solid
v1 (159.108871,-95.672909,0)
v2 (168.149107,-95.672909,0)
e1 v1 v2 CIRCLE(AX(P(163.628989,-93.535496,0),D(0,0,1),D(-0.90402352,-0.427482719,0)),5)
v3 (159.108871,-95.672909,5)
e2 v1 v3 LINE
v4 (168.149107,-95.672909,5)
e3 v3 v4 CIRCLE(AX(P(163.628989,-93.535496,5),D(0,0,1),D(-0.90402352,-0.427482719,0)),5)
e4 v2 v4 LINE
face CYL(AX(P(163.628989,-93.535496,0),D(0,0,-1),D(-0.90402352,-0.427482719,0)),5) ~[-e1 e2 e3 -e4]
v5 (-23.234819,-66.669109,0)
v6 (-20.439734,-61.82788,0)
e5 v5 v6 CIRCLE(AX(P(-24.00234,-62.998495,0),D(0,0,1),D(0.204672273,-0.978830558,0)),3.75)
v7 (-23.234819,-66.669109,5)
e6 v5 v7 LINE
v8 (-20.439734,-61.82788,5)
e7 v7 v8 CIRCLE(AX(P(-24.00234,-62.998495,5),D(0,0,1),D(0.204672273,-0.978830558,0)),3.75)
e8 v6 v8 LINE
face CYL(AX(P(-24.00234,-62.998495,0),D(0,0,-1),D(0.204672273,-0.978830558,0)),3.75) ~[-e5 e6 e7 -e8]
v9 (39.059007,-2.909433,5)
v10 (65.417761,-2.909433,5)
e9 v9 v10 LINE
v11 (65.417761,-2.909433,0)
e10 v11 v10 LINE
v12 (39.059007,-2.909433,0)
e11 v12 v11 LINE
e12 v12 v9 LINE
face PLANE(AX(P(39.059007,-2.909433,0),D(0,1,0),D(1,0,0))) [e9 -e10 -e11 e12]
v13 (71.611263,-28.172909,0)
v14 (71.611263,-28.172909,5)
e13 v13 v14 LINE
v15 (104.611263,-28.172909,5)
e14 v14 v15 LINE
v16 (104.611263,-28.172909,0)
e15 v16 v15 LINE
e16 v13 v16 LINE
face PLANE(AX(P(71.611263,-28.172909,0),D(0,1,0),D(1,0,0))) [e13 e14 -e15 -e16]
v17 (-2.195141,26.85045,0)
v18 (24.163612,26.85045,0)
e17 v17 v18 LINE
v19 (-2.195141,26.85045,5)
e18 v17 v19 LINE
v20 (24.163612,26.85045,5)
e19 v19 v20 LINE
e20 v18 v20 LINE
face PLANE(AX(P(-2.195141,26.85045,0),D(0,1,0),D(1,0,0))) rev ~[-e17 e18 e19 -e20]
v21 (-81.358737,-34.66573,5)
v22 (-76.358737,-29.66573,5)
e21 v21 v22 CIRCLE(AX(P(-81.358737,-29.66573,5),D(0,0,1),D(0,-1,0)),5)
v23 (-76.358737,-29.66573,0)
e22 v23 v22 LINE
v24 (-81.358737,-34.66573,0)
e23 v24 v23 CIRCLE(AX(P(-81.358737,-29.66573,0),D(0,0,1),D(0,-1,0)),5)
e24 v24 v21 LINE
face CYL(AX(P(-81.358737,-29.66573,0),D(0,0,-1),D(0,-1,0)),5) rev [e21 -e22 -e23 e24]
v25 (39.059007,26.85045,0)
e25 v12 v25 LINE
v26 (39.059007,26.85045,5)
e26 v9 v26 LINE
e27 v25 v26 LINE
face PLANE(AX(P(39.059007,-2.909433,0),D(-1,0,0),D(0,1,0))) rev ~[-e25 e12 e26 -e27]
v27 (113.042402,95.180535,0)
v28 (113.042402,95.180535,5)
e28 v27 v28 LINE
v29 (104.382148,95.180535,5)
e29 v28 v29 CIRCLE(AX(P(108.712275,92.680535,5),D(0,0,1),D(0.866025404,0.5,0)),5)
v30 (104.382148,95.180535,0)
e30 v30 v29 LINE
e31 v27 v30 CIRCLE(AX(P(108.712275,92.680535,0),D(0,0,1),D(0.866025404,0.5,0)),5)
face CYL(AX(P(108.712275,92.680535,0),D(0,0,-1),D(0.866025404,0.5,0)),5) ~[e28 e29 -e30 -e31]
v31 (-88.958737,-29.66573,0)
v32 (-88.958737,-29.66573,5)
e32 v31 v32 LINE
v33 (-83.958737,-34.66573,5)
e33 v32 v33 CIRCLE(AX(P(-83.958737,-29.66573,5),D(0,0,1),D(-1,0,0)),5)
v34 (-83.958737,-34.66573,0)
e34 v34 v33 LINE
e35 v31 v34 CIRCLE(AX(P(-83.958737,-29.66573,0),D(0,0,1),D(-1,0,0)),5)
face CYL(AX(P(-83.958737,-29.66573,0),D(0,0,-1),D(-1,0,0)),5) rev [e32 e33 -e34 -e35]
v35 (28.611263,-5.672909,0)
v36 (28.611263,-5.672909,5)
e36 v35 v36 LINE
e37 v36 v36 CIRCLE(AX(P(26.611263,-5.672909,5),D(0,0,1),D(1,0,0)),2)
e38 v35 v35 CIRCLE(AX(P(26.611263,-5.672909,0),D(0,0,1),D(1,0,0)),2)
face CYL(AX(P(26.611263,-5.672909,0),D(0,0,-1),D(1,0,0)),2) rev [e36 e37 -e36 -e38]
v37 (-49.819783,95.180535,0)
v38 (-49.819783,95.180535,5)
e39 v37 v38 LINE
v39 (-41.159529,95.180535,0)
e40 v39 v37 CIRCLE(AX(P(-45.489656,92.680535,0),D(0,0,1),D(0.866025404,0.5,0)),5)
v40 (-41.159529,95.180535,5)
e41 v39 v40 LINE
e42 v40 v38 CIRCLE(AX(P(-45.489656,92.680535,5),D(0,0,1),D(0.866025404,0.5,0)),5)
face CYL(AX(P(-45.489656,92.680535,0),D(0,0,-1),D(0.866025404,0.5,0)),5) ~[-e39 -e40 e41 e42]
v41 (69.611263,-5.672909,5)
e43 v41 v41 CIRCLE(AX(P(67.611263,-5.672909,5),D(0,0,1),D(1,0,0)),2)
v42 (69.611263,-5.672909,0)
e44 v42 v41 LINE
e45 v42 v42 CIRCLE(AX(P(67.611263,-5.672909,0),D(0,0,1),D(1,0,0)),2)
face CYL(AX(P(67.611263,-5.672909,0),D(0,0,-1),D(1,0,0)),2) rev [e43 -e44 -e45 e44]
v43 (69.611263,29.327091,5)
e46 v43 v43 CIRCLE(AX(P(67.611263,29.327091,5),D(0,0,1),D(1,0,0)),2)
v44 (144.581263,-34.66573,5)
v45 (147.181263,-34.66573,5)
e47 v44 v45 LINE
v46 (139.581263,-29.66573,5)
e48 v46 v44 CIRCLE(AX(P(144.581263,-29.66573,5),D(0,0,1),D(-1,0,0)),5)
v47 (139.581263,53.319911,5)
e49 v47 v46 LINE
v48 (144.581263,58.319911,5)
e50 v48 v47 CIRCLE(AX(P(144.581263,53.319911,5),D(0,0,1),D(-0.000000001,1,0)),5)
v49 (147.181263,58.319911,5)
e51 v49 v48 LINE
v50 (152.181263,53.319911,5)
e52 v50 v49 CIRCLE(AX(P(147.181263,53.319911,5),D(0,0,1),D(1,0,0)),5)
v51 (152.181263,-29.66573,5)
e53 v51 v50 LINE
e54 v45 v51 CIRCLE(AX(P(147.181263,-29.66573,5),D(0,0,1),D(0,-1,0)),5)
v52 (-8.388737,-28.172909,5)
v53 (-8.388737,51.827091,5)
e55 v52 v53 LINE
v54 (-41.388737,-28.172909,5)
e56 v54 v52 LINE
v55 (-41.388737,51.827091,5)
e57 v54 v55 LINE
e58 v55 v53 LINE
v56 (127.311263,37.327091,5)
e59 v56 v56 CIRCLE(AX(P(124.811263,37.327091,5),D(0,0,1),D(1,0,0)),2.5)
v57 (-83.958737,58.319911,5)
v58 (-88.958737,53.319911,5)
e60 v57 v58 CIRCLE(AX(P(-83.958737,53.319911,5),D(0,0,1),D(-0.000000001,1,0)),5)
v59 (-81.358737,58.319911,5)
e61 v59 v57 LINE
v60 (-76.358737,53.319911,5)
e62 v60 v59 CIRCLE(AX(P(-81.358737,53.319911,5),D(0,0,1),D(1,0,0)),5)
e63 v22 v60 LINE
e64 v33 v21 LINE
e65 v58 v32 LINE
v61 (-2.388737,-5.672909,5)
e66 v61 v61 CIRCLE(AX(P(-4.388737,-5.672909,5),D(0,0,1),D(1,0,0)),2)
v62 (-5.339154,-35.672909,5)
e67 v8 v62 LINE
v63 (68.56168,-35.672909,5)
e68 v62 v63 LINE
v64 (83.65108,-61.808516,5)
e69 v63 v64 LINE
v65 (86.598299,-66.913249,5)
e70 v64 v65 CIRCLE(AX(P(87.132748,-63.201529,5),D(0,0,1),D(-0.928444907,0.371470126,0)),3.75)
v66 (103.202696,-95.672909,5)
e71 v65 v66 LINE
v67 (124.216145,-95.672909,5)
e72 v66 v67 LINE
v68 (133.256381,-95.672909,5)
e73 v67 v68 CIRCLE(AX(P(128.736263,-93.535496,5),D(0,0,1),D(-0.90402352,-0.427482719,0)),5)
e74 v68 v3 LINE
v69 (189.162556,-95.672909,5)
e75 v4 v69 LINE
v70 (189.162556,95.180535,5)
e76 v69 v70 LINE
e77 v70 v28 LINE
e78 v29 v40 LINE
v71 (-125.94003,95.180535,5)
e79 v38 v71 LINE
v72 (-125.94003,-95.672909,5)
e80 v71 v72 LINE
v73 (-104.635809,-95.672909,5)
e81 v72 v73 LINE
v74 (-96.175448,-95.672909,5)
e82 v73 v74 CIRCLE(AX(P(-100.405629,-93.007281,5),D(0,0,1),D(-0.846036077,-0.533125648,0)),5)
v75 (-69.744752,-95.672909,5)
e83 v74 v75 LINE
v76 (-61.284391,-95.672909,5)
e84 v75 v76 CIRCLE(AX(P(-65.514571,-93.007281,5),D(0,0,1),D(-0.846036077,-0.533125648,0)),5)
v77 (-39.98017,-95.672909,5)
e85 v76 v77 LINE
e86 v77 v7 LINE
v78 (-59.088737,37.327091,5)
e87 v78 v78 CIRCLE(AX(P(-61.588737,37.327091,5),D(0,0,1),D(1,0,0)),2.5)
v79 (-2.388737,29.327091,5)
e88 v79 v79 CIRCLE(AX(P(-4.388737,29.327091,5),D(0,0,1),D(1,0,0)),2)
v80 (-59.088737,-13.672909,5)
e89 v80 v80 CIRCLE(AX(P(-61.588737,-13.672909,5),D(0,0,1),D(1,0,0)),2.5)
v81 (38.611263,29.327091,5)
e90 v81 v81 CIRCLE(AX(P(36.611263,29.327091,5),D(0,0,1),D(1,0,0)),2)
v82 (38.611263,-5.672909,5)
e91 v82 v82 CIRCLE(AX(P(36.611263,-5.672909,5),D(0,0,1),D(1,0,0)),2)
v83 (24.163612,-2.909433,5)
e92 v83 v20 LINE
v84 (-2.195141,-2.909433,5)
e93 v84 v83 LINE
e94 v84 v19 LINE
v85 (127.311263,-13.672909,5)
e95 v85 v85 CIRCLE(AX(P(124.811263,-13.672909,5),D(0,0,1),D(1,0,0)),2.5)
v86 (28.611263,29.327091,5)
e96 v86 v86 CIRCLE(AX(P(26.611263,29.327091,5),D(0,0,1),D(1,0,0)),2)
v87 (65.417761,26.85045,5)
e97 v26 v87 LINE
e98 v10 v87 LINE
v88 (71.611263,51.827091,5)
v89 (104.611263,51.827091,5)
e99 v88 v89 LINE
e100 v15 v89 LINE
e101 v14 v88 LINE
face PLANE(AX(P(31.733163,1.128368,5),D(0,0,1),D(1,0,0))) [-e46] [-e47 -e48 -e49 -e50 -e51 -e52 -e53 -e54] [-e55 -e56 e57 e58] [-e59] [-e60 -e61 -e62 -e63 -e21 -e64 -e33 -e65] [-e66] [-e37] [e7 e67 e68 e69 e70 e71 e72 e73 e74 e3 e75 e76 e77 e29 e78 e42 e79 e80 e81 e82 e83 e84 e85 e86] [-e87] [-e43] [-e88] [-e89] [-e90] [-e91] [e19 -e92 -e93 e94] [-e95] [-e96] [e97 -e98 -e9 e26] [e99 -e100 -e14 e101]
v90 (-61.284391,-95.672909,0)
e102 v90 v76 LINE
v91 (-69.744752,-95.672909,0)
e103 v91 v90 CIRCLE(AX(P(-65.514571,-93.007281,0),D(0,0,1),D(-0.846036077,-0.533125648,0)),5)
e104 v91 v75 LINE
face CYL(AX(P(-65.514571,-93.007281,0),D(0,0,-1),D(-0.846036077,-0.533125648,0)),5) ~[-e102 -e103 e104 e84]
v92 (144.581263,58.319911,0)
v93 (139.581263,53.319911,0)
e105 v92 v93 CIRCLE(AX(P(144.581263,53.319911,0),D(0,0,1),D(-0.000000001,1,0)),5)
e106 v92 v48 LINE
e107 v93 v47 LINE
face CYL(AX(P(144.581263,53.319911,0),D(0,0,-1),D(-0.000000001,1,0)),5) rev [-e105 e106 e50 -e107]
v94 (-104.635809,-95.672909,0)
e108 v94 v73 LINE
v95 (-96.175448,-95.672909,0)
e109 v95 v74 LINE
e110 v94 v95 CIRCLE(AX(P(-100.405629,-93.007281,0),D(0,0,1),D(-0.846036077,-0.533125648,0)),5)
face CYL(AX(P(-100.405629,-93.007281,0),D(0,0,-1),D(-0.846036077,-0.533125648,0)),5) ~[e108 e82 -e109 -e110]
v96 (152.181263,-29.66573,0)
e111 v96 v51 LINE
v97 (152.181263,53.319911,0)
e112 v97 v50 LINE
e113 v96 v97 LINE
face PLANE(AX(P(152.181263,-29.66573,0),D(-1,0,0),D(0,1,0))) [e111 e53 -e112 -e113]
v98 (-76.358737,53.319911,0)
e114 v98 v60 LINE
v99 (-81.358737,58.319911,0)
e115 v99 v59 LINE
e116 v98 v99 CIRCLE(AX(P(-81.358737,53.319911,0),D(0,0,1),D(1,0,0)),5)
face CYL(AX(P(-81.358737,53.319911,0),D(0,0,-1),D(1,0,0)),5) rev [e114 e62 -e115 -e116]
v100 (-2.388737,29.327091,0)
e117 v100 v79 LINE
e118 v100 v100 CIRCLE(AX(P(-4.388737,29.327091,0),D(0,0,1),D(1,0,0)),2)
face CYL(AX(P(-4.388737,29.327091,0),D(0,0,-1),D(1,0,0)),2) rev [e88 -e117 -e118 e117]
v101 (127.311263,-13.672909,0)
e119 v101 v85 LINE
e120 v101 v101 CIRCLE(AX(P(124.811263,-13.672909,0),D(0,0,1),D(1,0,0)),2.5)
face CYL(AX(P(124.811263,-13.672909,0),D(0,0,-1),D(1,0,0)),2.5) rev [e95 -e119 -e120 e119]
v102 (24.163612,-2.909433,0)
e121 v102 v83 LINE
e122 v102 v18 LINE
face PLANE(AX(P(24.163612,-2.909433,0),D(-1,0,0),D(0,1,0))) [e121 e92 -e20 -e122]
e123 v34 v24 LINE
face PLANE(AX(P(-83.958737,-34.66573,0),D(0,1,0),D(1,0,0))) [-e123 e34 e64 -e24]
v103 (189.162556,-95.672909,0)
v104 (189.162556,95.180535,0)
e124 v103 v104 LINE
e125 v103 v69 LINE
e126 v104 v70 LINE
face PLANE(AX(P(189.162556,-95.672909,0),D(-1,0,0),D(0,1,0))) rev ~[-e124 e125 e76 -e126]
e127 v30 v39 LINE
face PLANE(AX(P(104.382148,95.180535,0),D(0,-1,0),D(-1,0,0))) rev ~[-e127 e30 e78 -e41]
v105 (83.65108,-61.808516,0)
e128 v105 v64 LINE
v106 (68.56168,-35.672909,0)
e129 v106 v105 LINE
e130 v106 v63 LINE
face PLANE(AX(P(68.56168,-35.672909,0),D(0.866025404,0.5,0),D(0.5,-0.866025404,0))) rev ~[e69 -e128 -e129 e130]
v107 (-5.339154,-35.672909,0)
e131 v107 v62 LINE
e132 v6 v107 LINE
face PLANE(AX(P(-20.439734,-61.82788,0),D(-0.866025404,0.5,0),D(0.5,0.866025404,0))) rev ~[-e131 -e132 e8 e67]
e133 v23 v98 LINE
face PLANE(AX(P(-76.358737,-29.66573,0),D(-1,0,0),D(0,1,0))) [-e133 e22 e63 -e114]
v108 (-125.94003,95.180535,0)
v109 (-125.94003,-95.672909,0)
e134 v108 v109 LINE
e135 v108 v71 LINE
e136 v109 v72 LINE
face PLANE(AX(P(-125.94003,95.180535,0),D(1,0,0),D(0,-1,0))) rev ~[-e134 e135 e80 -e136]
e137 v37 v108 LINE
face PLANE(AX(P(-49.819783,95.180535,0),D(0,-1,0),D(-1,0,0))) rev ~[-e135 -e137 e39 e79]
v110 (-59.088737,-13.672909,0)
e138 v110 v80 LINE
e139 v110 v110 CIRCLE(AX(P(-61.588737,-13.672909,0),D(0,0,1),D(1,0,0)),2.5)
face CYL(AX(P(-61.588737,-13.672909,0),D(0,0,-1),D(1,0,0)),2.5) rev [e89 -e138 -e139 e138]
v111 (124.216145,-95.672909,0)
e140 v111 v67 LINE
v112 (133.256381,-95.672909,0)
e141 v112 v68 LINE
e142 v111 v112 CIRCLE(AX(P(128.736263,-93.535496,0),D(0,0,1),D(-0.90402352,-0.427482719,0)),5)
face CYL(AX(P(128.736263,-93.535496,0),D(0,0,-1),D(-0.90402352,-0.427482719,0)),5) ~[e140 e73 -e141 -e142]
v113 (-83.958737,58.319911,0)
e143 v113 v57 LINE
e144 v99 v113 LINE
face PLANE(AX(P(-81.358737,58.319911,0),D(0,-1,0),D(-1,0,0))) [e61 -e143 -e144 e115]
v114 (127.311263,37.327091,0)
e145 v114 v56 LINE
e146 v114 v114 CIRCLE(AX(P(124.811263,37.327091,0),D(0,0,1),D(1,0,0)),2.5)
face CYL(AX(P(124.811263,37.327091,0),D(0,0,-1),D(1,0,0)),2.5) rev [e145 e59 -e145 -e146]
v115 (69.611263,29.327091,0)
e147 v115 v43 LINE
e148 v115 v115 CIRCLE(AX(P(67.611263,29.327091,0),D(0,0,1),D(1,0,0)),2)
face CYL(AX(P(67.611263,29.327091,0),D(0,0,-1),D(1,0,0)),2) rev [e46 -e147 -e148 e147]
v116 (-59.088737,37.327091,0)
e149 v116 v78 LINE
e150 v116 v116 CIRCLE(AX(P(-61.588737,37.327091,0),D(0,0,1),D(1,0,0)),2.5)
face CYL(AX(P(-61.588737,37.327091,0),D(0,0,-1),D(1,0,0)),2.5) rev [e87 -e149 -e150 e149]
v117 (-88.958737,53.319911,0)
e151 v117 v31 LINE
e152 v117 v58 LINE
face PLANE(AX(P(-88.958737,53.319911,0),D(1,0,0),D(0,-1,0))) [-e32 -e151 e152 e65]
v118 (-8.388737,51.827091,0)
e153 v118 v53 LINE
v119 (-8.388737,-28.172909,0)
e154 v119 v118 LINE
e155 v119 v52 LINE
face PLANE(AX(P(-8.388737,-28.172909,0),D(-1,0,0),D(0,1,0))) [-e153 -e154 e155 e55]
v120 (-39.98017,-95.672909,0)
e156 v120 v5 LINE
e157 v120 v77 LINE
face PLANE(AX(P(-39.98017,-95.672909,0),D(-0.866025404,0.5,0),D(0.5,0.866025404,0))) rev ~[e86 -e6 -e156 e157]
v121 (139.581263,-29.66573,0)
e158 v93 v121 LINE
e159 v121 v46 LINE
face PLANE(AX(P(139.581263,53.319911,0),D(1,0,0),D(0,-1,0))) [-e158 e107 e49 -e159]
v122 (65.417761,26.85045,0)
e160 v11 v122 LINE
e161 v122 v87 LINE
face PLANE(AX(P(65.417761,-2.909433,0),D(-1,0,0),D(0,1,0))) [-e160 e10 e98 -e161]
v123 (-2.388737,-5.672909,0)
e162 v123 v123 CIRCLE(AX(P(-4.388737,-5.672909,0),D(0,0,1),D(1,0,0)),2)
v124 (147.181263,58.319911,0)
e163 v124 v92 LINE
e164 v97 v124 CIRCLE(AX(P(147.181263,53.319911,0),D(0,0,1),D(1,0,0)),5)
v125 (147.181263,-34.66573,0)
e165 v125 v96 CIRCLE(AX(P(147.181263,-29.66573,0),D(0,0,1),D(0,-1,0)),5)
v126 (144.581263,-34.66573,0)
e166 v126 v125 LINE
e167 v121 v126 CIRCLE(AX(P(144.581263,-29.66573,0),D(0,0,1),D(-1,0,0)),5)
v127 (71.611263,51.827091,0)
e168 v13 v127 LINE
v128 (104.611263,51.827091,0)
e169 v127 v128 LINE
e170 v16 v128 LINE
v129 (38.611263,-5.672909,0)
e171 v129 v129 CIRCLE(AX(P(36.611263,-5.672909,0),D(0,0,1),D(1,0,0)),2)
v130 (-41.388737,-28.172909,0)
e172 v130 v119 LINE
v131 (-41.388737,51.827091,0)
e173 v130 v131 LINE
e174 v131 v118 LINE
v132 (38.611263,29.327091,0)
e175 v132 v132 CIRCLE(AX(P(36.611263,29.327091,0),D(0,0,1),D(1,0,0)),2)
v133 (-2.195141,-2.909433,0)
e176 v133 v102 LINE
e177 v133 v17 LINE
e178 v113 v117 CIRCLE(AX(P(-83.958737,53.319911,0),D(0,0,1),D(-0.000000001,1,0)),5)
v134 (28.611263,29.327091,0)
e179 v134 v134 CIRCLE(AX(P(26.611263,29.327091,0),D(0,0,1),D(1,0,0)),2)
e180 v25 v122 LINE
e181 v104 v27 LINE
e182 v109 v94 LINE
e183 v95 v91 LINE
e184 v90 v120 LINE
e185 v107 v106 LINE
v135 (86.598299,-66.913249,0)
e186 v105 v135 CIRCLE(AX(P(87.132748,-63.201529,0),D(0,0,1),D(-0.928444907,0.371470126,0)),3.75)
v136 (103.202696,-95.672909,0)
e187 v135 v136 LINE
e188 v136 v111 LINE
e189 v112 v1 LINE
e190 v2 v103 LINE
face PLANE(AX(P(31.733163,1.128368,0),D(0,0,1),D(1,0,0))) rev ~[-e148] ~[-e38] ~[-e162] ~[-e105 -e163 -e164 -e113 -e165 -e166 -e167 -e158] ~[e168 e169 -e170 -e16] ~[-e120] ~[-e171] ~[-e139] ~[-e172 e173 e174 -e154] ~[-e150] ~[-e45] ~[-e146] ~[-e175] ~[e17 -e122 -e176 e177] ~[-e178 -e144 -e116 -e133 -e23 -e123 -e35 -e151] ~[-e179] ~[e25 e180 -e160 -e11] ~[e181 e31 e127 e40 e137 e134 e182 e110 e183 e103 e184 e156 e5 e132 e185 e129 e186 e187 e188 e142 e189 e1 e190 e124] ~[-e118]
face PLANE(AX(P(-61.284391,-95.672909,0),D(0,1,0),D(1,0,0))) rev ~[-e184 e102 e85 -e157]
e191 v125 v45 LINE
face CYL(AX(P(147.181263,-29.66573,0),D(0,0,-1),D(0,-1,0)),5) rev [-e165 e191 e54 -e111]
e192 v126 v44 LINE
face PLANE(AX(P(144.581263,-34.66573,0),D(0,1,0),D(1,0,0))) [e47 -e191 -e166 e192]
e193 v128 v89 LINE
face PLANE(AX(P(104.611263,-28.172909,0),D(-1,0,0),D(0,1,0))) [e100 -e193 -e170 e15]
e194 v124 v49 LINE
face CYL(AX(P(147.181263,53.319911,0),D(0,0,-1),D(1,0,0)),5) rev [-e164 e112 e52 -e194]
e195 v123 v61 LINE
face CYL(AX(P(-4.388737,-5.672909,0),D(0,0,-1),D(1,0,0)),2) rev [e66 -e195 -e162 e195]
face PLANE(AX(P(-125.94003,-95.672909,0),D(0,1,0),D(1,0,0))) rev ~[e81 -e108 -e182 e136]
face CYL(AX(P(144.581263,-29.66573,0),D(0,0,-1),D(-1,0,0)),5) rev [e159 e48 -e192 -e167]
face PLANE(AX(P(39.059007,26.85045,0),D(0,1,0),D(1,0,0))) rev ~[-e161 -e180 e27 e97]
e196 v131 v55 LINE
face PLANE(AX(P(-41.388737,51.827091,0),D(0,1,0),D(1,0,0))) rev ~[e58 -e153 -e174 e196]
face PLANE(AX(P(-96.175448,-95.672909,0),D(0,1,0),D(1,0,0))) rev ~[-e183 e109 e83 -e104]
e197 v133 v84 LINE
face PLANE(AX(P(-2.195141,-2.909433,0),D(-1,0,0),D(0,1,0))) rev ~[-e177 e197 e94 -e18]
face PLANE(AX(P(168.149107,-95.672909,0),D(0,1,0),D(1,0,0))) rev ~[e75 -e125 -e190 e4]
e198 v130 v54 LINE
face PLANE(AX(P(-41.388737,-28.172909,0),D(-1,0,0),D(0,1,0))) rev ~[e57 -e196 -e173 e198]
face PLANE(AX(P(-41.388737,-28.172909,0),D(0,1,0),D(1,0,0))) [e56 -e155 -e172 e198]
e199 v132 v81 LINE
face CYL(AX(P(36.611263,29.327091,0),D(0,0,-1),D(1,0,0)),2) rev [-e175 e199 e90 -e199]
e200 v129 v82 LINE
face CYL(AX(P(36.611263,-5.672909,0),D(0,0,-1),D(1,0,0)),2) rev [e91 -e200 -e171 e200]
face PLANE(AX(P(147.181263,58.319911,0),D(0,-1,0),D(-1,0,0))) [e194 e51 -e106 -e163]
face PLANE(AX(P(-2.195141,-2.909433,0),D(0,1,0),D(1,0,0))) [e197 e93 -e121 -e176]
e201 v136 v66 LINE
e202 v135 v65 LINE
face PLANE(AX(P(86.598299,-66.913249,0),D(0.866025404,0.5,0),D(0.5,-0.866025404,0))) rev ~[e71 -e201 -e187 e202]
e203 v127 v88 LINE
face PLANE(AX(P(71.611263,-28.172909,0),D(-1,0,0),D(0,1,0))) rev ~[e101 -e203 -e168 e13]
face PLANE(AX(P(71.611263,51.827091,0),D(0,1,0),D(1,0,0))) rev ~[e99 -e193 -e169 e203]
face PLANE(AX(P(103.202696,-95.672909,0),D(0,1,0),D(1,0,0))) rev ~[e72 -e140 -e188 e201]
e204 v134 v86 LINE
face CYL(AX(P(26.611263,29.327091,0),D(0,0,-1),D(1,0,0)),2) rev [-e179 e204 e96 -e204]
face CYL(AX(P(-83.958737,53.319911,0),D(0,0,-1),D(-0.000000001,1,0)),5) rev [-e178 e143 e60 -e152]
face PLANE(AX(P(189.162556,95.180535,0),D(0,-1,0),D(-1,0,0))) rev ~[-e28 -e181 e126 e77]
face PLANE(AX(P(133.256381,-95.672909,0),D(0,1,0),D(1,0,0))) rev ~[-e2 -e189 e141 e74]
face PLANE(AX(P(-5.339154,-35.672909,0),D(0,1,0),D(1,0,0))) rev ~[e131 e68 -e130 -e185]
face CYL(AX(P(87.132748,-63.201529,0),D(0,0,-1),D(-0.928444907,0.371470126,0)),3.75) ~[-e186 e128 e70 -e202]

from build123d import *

# Parameters (mm, degrees)
SKETCH1_R           = 2
SKETCH1_R_2         = 2.5
SKETCH1_W           = 33
SKETCH1_H           = 80
SKETCH1_W_2         = 26.358753283
SKETCH1_H_2         = 29.759882739
BOSS_EXTRUDE1_DEPTH = 5


with BuildPart() as part:
    # Sketch1 → Boss-Extrude1 (new body)
    with BuildSketch(Plane.XY):
        with BuildLine():
            Line((-125.940029712, -95.672909388), (-104.635809021, -95.672909388))
            ThreePointArc((-104.635809021, -95.672909388), (-100.405628635, -98.00728115), (-96.175448249, -95.672909388))
            Line((-96.175448249, -95.672909388), (-69.744751877, -95.672909388))
            ThreePointArc((-69.744751877, -95.672909388), (-65.514571491, -98.00728115), (-61.284391105, -95.672909388))
            Line((-61.284391105, -95.672909388), (-39.980170414, -95.672909388))
            Line((-39.980170414, -95.672909388), (-23.23481866, -66.66910936))
            ThreePointArc((-23.23481866, -66.66910936), (-20.75474442, -64.873494769), (-20.439733688, -61.827880177))
            Line((-20.439733688, -61.827880177), (-5.339154263, -35.672909388))
            Line((-5.339154263, -35.672909388), (68.561680194, -35.672909388))
            Line((68.561680194, -35.672909388), (83.651079822, -61.808516201))
            ThreePointArc((83.651079822, -61.808516201), (83.885152959, -65.076529173), (86.598298645, -66.913248943))
            Line((86.598298645, -66.913248943), (103.202696345, -95.672909388))
            Line((103.202696345, -95.672909388), (124.216145364, -95.672909388))
            ThreePointArc((124.216145364, -95.672909388), (128.736262965, -98.535495794), (133.256380567, -95.672909388))
            Line((133.256380567, -95.672909388), (159.108871421, -95.672909388))
            ThreePointArc((159.108871421, -95.672909388), (163.628989022, -98.535495794), (168.149106623, -95.672909388))
            Line((168.149106623, -95.672909388), (189.162555642, -95.672909388))
            Line((189.162555642, -95.672909388), (189.162555642, 95.180535099))
            Line((189.162555642, 95.180535099), (113.042402195, 95.180535099))
            ThreePointArc((113.042402195, 95.180535099), (108.712275177, 97.680535099), (104.382148158, 95.180535099))
            Line((104.382148158, 95.180535099), (-41.159528738, 95.180535099))
            ThreePointArc((-41.159528738, 95.180535099), (-45.489655757, 97.680535099), (-49.819782776, 95.180535099))
            Line((-49.819782776, 95.180535099), (-125.940029712, 95.180535099))
            Line((-125.940029712, 95.180535099), (-125.940029712, -95.672909388))
        make_face()
        with Locations((67.611262965, 29.327090612)):
            Circle(SKETCH1_R, mode=Mode.SUBTRACT)
        with Locations((36.611262965, 29.327090612)):
            Circle(SKETCH1_R, mode=Mode.SUBTRACT)
        with Locations((26.611262965, 29.327090612)):
            Circle(SKETCH1_R, mode=Mode.SUBTRACT)
        with Locations((-4.388737035, 29.327090612)):
            Circle(SKETCH1_R, mode=Mode.SUBTRACT)
        with Locations((67.611262965, -5.672909388)):
            Circle(SKETCH1_R, mode=Mode.SUBTRACT)
        with Locations((36.611262965, -5.672909388)):
            Circle(SKETCH1_R, mode=Mode.SUBTRACT)
        with Locations((26.611262965, -5.672909388)):
            Circle(SKETCH1_R, mode=Mode.SUBTRACT)
        with Locations((-4.388737035, -5.672909388)):
            Circle(SKETCH1_R, mode=Mode.SUBTRACT)
        with Locations((-61.588737035, -13.672909388)):
            Circle(SKETCH1_R_2, mode=Mode.SUBTRACT)
        with Locations((-61.588737035, 37.327090612)):
            Circle(SKETCH1_R_2, mode=Mode.SUBTRACT)
        with Locations((124.811262965, 37.327090612)):
            Circle(SKETCH1_R_2, mode=Mode.SUBTRACT)
        with Locations((124.811262965, -13.672909388)):
            Circle(SKETCH1_R_2, mode=Mode.SUBTRACT)
        with Locations((-24.888737035, 11.827090612)):
            Rectangle(SKETCH1_W, SKETCH1_H, mode=Mode.SUBTRACT)
        with Locations((88.111262965, 11.827090612)):
            Rectangle(SKETCH1_W, SKETCH1_H, mode=Mode.SUBTRACT)
        with BuildLine():
            Line((144.581262965, -34.665729578), (147.181262965, -34.665729578))
            ThreePointArc((147.181262965, -34.665729578), (150.716796871, -33.201263484), (152.181262965, -29.665729578))
            Line((152.181262965, -29.665729578), (152.181262965, 53.319910802))
            ThreePointArc((152.181262965, 53.319910802), (150.716796871, 56.855444707), (147.181262965, 58.319910802))
            Line((147.181262965, 58.319910802), (144.581262965, 58.319910802))
            ThreePointArc((144.581262965, 58.319910802), (141.04572906, 56.855444707), (139.581262965, 53.319910802))
            Line((139.581262965, 53.319910802), (139.581262965, -29.665729578))
            ThreePointArc((139.581262965, -29.665729578), (141.04572906, -33.201263484), (144.581262965, -34.665729578))
        make_face(mode=Mode.SUBTRACT)
        with BuildLine():
            Line((-83.958737035, -34.665729578), (-81.358737035, -34.665729578))
            ThreePointArc((-81.358737035, -34.665729578), (-77.823203129, -33.201263484), (-76.358737035, -29.665729578))
            Line((-76.358737035, -29.665729578), (-76.358737035, 53.319910802))
            ThreePointArc((-76.358737035, 53.319910802), (-77.823203129, 56.855444707), (-81.358737035, 58.319910802))
            Line((-81.358737035, 58.319910802), (-83.958737035, 58.319910802))
            ThreePointArc((-83.958737035, 58.319910802), (-87.49427094, 56.855444707), (-88.958737035, 53.319910802))
            Line((-88.958737035, 53.319910802), (-88.958737035, -29.665729578))
            ThreePointArc((-88.958737035, -29.665729578), (-87.49427094, -33.201263484), (-83.958737035, -34.665729578))
        make_face(mode=Mode.SUBTRACT)
        with Locations((52.23838386, 11.97050865)):
            Rectangle(SKETCH1_W_2, SKETCH1_H_2, mode=Mode.SUBTRACT)
        with Locations((10.98423556, 11.97050865)):
            Rectangle(SKETCH1_W_2, SKETCH1_H_2, mode=Mode.SUBTRACT)
    extrude(amount=BOSS_EXTRUDE1_DEPTH)


solid = part.part
